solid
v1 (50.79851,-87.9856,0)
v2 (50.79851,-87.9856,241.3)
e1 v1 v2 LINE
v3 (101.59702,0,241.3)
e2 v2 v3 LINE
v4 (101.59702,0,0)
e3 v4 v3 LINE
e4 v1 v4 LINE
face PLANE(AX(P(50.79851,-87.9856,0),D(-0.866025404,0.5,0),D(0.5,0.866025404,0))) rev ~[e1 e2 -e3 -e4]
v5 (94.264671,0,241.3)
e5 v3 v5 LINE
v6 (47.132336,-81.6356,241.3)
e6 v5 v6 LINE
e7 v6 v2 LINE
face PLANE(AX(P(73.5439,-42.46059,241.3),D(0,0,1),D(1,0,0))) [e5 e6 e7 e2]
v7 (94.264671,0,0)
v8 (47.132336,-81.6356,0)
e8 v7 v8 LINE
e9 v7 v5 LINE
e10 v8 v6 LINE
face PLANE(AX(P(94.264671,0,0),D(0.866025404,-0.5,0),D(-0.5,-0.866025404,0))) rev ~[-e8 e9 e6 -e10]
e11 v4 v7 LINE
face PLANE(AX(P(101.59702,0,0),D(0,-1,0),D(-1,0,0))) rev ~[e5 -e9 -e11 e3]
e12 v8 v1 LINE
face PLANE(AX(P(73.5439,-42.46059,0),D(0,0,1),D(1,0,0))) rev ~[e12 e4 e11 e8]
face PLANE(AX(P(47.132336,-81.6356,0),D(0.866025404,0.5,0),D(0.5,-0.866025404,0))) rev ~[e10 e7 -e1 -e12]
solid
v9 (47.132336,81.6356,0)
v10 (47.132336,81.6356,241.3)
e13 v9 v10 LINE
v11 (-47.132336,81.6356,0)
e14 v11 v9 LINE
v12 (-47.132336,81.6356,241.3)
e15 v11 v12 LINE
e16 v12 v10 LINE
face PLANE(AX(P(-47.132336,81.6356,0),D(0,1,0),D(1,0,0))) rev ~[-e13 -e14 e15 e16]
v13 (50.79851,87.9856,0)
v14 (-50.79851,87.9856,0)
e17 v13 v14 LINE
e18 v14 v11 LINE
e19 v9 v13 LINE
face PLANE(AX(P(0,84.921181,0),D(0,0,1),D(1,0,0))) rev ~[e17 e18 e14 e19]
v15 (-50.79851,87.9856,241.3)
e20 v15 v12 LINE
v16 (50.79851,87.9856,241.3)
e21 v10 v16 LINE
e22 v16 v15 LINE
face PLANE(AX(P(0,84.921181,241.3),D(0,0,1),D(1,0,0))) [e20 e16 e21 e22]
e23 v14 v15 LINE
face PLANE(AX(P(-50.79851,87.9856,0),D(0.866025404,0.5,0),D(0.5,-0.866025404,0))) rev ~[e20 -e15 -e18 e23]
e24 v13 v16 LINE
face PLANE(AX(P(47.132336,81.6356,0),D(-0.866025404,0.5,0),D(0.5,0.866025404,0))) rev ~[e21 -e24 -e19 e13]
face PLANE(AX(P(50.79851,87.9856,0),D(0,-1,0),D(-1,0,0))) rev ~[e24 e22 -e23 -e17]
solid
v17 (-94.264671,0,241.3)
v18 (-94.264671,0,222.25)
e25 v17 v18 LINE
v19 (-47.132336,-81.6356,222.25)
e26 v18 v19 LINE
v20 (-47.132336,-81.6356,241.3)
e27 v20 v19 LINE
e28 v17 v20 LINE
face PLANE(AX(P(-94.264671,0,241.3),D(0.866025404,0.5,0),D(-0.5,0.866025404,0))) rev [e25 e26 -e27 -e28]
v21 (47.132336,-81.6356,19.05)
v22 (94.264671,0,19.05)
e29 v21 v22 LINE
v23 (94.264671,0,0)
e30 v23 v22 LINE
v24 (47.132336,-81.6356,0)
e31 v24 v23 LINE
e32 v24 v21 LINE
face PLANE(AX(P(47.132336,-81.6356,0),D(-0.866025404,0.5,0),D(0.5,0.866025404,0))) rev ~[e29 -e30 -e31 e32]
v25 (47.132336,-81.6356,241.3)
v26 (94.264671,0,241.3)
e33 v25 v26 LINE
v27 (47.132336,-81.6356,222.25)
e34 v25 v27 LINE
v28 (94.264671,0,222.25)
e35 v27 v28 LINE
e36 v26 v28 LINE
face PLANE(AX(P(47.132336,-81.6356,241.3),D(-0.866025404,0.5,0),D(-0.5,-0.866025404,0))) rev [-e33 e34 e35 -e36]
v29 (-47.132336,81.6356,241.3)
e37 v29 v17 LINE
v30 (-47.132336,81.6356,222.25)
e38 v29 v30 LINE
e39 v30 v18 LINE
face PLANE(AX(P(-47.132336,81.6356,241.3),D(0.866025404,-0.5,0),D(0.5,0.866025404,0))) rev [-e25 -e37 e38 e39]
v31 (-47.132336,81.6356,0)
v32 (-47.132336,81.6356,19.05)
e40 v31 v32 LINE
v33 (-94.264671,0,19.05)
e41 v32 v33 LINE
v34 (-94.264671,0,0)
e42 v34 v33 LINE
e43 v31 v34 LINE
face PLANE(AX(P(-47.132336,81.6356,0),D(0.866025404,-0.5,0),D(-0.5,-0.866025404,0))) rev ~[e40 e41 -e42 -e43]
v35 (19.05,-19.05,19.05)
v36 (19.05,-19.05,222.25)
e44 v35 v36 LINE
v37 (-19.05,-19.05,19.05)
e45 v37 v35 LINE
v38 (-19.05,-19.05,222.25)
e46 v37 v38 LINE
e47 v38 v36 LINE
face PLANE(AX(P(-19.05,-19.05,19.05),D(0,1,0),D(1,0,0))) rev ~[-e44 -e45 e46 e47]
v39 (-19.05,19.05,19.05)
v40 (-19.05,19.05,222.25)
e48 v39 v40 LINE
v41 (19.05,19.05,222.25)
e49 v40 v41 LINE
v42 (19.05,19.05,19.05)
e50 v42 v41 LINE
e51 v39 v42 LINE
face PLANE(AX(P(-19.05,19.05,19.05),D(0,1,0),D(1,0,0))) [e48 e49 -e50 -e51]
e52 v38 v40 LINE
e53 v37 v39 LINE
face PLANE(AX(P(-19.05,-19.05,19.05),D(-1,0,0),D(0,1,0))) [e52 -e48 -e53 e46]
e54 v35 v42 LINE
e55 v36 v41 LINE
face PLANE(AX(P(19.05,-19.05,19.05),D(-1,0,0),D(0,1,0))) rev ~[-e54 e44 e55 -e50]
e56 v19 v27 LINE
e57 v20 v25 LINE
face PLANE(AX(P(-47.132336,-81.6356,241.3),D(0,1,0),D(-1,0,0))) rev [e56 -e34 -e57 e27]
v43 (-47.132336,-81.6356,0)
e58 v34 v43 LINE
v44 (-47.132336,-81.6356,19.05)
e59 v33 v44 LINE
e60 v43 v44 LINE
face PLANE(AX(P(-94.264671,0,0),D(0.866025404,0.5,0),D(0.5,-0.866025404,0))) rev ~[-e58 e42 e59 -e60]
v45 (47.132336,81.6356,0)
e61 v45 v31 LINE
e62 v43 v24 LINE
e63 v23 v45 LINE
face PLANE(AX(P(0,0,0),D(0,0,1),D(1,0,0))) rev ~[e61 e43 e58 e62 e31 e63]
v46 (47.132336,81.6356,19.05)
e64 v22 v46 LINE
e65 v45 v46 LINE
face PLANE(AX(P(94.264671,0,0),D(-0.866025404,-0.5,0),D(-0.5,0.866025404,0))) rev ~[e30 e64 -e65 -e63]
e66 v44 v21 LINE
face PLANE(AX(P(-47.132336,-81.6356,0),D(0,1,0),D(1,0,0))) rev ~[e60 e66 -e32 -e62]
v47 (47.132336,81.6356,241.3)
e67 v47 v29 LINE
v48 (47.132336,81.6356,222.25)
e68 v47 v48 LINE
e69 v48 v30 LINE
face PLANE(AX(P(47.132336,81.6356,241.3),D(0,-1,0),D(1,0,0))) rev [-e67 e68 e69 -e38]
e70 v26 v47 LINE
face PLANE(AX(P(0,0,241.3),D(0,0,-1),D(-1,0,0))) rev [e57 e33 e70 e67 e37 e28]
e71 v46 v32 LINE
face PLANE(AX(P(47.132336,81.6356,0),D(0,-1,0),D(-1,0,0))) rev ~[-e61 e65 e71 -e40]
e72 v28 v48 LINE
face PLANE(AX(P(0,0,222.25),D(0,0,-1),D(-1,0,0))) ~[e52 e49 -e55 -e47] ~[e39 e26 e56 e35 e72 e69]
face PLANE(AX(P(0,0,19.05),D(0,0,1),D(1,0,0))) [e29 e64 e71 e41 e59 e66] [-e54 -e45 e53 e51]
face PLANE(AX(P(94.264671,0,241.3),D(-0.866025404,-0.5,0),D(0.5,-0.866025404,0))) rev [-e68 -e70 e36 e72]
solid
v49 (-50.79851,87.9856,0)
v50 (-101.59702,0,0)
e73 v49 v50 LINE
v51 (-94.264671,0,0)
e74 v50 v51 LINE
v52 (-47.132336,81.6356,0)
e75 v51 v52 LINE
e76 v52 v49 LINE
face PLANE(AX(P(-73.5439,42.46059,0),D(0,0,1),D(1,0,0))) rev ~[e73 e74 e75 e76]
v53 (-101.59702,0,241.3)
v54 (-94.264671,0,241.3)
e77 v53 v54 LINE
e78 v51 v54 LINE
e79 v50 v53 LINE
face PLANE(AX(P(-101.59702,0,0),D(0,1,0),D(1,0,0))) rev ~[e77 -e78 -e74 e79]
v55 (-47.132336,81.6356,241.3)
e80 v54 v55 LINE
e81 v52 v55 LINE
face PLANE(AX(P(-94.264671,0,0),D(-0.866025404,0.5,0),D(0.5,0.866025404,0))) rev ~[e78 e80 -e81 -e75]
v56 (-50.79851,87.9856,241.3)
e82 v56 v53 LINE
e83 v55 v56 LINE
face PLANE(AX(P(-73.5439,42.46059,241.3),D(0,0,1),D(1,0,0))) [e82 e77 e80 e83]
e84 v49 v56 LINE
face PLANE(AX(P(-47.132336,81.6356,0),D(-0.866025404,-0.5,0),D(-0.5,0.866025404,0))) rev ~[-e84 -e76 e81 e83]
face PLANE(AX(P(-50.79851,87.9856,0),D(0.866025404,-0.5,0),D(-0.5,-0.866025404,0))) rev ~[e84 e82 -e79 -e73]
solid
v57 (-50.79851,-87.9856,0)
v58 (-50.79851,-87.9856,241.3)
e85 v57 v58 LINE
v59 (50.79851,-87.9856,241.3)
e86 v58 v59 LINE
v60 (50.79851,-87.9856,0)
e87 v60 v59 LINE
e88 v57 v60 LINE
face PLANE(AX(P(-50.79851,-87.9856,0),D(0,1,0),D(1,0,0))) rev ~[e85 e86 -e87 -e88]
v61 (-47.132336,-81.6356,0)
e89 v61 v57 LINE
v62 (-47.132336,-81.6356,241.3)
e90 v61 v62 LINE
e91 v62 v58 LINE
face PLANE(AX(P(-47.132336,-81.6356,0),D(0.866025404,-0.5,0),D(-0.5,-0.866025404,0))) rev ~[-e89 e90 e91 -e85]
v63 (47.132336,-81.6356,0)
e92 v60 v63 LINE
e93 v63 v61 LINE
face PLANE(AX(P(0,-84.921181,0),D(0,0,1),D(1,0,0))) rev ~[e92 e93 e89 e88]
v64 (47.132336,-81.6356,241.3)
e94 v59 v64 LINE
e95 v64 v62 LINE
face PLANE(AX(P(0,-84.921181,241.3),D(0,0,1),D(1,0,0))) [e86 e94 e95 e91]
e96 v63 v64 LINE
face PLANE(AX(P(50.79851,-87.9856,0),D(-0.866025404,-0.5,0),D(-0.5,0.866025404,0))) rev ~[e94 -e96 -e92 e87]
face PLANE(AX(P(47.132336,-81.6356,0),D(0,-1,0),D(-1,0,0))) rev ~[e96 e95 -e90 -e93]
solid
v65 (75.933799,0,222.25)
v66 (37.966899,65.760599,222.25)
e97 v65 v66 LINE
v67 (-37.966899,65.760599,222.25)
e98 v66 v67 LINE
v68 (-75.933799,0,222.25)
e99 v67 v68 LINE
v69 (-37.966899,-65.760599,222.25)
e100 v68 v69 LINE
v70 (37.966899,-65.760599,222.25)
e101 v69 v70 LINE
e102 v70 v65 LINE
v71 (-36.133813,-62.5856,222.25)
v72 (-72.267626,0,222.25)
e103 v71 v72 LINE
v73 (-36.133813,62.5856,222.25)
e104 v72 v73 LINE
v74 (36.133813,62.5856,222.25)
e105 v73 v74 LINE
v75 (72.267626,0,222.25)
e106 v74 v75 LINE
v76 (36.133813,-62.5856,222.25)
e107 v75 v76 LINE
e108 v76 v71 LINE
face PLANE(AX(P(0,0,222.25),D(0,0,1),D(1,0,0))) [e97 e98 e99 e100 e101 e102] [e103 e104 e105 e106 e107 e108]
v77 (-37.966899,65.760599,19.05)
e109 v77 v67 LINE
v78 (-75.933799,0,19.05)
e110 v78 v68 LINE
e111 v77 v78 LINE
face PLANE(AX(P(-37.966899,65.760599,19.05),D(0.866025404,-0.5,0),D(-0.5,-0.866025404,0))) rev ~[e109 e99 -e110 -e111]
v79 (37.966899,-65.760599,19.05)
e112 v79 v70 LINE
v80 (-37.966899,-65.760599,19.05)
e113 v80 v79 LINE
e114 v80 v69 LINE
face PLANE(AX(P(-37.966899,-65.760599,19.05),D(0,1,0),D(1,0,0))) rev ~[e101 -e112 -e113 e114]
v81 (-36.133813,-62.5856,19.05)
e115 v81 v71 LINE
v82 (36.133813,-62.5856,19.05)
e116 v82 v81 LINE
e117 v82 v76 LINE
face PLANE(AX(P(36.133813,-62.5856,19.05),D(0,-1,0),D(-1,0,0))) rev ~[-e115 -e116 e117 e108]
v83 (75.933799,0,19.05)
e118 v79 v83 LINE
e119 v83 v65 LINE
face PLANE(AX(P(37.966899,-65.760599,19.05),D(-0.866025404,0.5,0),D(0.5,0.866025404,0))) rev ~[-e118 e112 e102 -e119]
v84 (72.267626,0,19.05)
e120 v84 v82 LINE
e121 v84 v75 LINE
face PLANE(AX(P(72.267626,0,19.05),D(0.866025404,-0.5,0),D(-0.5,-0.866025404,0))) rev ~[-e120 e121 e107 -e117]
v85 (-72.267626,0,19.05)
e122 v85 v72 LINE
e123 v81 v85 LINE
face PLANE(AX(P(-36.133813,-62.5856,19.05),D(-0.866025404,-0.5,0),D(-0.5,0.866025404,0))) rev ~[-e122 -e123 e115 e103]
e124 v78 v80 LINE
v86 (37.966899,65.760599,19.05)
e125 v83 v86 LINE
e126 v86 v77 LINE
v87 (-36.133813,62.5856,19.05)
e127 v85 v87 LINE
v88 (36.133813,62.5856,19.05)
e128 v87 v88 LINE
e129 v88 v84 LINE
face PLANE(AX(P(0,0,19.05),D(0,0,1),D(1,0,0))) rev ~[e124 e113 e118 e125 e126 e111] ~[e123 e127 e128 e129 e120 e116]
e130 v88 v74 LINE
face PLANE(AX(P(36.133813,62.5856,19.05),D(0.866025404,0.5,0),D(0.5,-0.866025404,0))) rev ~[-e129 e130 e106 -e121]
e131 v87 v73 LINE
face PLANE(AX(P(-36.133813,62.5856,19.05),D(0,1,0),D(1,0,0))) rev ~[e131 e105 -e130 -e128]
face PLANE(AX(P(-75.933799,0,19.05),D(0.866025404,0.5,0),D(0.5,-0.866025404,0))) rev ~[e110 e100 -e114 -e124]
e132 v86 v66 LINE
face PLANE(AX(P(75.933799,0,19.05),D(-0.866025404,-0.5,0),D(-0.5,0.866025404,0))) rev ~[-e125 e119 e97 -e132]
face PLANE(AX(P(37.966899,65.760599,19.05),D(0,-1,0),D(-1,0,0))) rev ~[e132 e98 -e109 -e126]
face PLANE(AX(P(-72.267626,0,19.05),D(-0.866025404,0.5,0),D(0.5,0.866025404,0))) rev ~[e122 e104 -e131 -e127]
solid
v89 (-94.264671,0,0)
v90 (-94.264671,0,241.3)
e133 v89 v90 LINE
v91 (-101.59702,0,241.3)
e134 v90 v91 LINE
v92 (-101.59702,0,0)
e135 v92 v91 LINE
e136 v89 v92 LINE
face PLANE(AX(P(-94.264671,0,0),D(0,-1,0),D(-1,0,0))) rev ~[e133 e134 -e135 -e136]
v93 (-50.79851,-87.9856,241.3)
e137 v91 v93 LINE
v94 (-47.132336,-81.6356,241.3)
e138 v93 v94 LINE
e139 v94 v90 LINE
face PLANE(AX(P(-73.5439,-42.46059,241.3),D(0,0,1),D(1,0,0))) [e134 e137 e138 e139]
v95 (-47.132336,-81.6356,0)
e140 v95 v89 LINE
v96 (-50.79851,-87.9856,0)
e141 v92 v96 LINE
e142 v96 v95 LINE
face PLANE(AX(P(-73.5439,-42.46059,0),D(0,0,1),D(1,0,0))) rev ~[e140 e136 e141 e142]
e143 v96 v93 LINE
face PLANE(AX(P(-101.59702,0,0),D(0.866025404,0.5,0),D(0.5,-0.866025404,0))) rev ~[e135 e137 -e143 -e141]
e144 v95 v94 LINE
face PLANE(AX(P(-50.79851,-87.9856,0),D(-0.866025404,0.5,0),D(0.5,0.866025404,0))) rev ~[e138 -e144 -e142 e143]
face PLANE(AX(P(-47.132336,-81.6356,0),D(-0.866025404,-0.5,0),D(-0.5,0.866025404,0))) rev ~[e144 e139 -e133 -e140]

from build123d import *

# Parameters (mm, degrees)
F1_DEPTH  = 19.05
F2_W      = 38.1
F2_H      = 38.1
F3_DEPTH  = 203.2
F6_DEPTH  = 241.3
F7_DEPTH  = 241.3
F8_DEPTH  = 241.3
F9_DEPTH  = 241.3
F10_DEPTH = 241.3
F12_DEPTH = 203.2


with BuildPart() as f1:
    # F0 (on Top) → F1 (new body)
    with BuildSketch(Plane.XY):
        Polygon((-47.1323356355, -81.6356), (47.1323356355, -81.6356), (94.2646712709, 0), (47.1323356355, 81.6356), (-47.1323356355, 81.6356), (-94.2646712709, 0), align=None)
    extrude(amount=F1_DEPTH)



with BuildPart() as f3:
    # F2 (on face) → F3 (new body)
    with BuildSketch(Plane.XY.offset(19.05)):
        Rectangle(F2_W, F2_H)
    extrude(amount=F3_DEPTH)


with BuildPart() as f1_1:
    add(f1.part)

    add(f3.part)  # F5 merges F3
    # F5: F1 across plane
    add(f1.part.mirror(Plane.XY.offset(120.65)))


with BuildPart() as f6:
    # F0 (on Top) → F6 (new body, through all)
    with BuildSketch(Plane.XY):
        Polygon((47.1323356355, 81.6356), (50.7985098448, 87.9856), (-50.7985098448, 87.9856), (-47.1323356355, 81.6356), align=None)
    extrude(amount=F6_DEPTH)


with BuildPart() as f7:
    # F0 (on Top) → F7 (new body, through all)
    with BuildSketch(Plane.XY):
        Polygon((-50.7985098448, 87.9856), (-101.5970196896, 0), (-94.2646712709, 0), (-47.1323356355, 81.6356), align=None)
    extrude(amount=F7_DEPTH)


with BuildPart() as f8:
    # F0 (on Top) → F8 (new body, through all)
    with BuildSketch(Plane.XY):
        Polygon((-101.5970196896, 0), (-50.7985098448, -87.9856), (-47.1323356355, -81.6356), (-94.2646712709, 0), align=None)
    extrude(amount=F8_DEPTH)


with BuildPart() as f9:
    # F0 (on Top) → F9 (new body, through all)
    with BuildSketch(Plane.XY):
        Polygon((-50.7985098448, -87.9856), (50.7985098448, -87.9856), (47.1323356355, -81.6356), (-47.1323356355, -81.6356), align=None)
    extrude(amount=F9_DEPTH)


with BuildPart() as f10:
    # F0 (on Top) → F10 (new body, through all)
    with BuildSketch(Plane.XY):
        Polygon((47.1323356355, -81.6356), (50.7985098448, -87.9856), (101.5970196896, 0), (94.2646712709, 0), align=None)
    extrude(amount=F10_DEPTH)


with BuildPart() as f12:
    # F11 (on face) → F12 (new body, through all)
    with BuildSketch(Plane.XY.offset(19.05)):
        Polygon((-75.9337987201, 0), (-37.96689936, -65.7605986974), (37.96689936, -65.7605986974), (75.9337987201, 0), (37.96689936, 65.7605986974), (-37.96689936, 65.7605986974), align=None)
        Polygon((36.1338132325, -62.5856003899), (-36.1338132325, -62.5856003899), (-72.267626465, 0), (-36.1338132325, 62.5856003899), (36.1338132325, 62.5856003899), (72.267626465, 0), align=None, mode=Mode.SUBTRACT)
    extrude(amount=F12_DEPTH)


solid = Compound([f1_1.part, f6.part, f7.part, f8.part, f9.part, f10.part, f12.part])
